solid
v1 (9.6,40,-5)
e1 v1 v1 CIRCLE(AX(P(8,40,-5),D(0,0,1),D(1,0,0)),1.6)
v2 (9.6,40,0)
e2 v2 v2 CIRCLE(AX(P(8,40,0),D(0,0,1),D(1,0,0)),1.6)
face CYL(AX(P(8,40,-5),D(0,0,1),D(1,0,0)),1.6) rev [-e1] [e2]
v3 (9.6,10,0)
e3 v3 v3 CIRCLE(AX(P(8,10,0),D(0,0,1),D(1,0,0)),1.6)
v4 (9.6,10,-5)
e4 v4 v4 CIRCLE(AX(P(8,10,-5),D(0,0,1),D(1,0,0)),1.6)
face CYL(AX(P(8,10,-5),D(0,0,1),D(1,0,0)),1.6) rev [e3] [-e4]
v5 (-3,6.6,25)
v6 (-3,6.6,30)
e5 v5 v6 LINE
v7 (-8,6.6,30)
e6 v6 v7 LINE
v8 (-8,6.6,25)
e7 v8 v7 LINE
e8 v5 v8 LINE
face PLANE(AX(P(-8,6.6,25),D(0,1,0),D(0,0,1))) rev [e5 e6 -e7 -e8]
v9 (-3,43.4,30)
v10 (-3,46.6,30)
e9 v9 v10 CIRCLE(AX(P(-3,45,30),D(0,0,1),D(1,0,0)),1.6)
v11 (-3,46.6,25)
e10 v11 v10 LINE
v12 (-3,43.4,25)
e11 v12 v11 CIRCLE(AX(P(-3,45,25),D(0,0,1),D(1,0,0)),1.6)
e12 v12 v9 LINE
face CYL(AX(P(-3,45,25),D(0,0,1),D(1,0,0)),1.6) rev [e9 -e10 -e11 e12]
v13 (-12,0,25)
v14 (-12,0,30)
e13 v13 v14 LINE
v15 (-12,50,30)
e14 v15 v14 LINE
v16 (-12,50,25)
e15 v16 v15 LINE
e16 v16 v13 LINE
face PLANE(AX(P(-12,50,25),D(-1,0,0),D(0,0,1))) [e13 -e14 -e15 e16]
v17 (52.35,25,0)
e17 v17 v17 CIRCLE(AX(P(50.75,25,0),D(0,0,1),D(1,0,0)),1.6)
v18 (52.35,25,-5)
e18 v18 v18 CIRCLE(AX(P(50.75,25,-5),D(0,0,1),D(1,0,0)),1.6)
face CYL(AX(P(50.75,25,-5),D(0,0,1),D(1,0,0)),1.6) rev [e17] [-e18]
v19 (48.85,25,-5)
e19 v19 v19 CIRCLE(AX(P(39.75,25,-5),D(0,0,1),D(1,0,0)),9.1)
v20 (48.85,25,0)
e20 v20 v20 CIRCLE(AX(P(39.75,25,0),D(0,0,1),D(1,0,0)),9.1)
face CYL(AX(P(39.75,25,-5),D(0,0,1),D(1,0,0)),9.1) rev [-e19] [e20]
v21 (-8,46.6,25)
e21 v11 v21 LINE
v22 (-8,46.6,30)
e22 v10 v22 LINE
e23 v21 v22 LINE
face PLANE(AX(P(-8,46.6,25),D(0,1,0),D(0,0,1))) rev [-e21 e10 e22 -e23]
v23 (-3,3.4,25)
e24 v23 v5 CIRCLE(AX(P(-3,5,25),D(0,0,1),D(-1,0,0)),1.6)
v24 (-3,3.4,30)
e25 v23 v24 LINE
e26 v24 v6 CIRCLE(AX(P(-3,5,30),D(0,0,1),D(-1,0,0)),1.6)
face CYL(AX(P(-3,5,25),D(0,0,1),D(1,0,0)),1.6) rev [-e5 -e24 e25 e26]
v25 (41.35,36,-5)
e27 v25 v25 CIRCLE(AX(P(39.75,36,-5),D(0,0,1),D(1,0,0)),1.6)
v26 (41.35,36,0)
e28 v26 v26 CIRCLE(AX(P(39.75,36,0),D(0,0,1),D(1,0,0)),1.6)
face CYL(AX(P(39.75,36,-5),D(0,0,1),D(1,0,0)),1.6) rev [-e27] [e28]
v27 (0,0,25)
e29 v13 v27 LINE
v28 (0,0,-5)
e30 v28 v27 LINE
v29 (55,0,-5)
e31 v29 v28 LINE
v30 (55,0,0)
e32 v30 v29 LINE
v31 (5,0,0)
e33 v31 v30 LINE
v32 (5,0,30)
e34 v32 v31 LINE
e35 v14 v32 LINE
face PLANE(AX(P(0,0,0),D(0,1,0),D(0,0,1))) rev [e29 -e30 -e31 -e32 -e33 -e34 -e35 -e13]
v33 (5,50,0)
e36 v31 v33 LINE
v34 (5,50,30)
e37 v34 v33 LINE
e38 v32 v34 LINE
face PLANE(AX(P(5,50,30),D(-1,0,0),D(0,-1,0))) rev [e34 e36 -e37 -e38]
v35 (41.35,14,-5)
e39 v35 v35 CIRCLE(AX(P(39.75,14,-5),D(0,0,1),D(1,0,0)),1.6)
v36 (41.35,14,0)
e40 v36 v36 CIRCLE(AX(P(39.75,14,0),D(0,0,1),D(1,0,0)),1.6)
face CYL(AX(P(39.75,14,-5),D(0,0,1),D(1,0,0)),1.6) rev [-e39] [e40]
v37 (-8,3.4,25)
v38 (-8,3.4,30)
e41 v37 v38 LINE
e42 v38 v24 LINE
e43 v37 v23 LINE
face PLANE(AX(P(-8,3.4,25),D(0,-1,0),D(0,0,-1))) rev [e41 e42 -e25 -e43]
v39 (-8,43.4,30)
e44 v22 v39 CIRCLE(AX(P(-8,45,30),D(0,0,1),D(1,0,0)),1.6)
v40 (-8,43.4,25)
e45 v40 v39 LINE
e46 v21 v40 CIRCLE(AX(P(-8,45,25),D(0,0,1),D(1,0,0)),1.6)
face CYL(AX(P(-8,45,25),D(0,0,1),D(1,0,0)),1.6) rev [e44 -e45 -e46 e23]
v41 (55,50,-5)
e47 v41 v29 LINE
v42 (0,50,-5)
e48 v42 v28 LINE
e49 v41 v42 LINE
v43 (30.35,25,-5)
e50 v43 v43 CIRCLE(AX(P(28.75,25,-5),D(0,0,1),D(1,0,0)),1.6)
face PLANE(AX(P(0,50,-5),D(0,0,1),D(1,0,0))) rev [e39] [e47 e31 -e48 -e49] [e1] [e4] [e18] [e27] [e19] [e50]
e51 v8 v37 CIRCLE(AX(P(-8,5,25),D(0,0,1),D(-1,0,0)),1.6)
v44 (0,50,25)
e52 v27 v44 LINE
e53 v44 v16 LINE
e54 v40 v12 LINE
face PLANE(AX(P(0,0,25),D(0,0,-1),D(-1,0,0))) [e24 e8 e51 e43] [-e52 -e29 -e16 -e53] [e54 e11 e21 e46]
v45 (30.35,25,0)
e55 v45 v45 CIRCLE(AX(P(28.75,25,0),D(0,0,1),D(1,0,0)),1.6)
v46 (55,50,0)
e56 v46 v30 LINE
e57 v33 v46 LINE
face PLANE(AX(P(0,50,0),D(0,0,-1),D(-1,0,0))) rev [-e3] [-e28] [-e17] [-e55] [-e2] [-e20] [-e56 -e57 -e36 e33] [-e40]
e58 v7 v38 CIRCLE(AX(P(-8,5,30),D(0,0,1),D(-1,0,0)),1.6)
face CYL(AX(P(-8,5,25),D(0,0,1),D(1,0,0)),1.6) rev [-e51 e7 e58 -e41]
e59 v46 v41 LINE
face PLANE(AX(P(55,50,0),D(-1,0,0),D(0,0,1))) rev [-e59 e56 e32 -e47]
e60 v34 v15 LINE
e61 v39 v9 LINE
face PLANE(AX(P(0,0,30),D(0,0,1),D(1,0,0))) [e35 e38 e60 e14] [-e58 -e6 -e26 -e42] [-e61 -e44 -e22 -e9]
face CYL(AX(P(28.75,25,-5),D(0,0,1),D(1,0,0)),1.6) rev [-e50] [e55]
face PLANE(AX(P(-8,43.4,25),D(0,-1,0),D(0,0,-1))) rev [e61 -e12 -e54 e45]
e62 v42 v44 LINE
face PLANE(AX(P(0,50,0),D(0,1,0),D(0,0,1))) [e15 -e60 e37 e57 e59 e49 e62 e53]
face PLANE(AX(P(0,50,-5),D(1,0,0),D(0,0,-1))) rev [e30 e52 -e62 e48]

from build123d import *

# Parameters (mm, degrees)
SKETCH1_W           = 55
SKETCH1_H           = 5
BOSS_EXTRUDE1_DEPTH = 50
SKETCH2_R           = 9.1
SKETCH2_R_2         = 1.6
CUT_EXTRUDE1_DEPTH  = 75.498322129
SKETCH3_W           = 5
SKETCH3_H           = 50
BOSS_EXTRUDE2_DEPTH = 30
SKETCH4_W           = 17
SKETCH4_H           = 50
BOSS_EXTRUDE3_DEPTH = 5


with BuildPart() as part:
    # Sketch1 → Boss-Extrude1 (new body)
    with BuildSketch(Plane(origin=(0, 0, 0), x_dir=(1, 0, 0), z_dir=(0, 1, 0))):
        with Locations((27.5, 2.5)):
            Rectangle(SKETCH1_W, SKETCH1_H)
    extrude(amount=BOSS_EXTRUDE1_DEPTH)

    # Sketch2 → Cut-Extrude1 (cut, through all)
    with BuildSketch(Plane.XY):
        with Locations((39.75, 25)):
            Circle(SKETCH2_R)
        with Locations((39.75, 36)):
            Circle(SKETCH2_R_2)
        with Locations((50.75, 25)):
            Circle(SKETCH2_R_2)
        with Locations((39.75, 14)):
            Circle(SKETCH2_R_2)
        with Locations((28.75, 25)):
            Circle(SKETCH2_R_2)
        with Locations((8, 40)):
            Circle(SKETCH2_R_2)
        with Locations((8, 10)):
            Circle(SKETCH2_R_2)
    extrude(amount=-CUT_EXTRUDE1_DEPTH, mode=Mode.SUBTRACT)

    # Sketch3 → Boss-Extrude2 (add)
    with BuildSketch(Plane.XY):
        with Locations((2.5, 25)):
            Rectangle(SKETCH3_W, SKETCH3_H)
    extrude(amount=BOSS_EXTRUDE2_DEPTH)

    # Sketch4 → Boss-Extrude3 (add)
    with BuildSketch(Plane.XY.offset(30)):
        with Locations((-3.5, 25)):
            Rectangle(SKETCH4_W, SKETCH4_H)
        with BuildLine():
            Line((-8, 46.6), (-3, 46.6))
            ThreePointArc((-3, 46.6), (-1.4, 45), (-3, 43.4))
            Line((-3, 43.4), (-8, 43.4))
            ThreePointArc((-8, 43.4), (-9.6, 45), (-8, 46.6))
        make_face(mode=Mode.SUBTRACT)
        with BuildLine():
            Line((-8, 3.4), (-3, 3.4))
            ThreePointArc((-3, 3.4), (-1.4, 5), (-3, 6.6))
            Line((-3, 6.6), (-8, 6.6))
            ThreePointArc((-8, 6.6), (-9.6, 5), (-8, 3.4))
        make_face(mode=Mode.SUBTRACT)
    extrude(amount=-BOSS_EXTRUDE3_DEPTH)


solid = part.part
